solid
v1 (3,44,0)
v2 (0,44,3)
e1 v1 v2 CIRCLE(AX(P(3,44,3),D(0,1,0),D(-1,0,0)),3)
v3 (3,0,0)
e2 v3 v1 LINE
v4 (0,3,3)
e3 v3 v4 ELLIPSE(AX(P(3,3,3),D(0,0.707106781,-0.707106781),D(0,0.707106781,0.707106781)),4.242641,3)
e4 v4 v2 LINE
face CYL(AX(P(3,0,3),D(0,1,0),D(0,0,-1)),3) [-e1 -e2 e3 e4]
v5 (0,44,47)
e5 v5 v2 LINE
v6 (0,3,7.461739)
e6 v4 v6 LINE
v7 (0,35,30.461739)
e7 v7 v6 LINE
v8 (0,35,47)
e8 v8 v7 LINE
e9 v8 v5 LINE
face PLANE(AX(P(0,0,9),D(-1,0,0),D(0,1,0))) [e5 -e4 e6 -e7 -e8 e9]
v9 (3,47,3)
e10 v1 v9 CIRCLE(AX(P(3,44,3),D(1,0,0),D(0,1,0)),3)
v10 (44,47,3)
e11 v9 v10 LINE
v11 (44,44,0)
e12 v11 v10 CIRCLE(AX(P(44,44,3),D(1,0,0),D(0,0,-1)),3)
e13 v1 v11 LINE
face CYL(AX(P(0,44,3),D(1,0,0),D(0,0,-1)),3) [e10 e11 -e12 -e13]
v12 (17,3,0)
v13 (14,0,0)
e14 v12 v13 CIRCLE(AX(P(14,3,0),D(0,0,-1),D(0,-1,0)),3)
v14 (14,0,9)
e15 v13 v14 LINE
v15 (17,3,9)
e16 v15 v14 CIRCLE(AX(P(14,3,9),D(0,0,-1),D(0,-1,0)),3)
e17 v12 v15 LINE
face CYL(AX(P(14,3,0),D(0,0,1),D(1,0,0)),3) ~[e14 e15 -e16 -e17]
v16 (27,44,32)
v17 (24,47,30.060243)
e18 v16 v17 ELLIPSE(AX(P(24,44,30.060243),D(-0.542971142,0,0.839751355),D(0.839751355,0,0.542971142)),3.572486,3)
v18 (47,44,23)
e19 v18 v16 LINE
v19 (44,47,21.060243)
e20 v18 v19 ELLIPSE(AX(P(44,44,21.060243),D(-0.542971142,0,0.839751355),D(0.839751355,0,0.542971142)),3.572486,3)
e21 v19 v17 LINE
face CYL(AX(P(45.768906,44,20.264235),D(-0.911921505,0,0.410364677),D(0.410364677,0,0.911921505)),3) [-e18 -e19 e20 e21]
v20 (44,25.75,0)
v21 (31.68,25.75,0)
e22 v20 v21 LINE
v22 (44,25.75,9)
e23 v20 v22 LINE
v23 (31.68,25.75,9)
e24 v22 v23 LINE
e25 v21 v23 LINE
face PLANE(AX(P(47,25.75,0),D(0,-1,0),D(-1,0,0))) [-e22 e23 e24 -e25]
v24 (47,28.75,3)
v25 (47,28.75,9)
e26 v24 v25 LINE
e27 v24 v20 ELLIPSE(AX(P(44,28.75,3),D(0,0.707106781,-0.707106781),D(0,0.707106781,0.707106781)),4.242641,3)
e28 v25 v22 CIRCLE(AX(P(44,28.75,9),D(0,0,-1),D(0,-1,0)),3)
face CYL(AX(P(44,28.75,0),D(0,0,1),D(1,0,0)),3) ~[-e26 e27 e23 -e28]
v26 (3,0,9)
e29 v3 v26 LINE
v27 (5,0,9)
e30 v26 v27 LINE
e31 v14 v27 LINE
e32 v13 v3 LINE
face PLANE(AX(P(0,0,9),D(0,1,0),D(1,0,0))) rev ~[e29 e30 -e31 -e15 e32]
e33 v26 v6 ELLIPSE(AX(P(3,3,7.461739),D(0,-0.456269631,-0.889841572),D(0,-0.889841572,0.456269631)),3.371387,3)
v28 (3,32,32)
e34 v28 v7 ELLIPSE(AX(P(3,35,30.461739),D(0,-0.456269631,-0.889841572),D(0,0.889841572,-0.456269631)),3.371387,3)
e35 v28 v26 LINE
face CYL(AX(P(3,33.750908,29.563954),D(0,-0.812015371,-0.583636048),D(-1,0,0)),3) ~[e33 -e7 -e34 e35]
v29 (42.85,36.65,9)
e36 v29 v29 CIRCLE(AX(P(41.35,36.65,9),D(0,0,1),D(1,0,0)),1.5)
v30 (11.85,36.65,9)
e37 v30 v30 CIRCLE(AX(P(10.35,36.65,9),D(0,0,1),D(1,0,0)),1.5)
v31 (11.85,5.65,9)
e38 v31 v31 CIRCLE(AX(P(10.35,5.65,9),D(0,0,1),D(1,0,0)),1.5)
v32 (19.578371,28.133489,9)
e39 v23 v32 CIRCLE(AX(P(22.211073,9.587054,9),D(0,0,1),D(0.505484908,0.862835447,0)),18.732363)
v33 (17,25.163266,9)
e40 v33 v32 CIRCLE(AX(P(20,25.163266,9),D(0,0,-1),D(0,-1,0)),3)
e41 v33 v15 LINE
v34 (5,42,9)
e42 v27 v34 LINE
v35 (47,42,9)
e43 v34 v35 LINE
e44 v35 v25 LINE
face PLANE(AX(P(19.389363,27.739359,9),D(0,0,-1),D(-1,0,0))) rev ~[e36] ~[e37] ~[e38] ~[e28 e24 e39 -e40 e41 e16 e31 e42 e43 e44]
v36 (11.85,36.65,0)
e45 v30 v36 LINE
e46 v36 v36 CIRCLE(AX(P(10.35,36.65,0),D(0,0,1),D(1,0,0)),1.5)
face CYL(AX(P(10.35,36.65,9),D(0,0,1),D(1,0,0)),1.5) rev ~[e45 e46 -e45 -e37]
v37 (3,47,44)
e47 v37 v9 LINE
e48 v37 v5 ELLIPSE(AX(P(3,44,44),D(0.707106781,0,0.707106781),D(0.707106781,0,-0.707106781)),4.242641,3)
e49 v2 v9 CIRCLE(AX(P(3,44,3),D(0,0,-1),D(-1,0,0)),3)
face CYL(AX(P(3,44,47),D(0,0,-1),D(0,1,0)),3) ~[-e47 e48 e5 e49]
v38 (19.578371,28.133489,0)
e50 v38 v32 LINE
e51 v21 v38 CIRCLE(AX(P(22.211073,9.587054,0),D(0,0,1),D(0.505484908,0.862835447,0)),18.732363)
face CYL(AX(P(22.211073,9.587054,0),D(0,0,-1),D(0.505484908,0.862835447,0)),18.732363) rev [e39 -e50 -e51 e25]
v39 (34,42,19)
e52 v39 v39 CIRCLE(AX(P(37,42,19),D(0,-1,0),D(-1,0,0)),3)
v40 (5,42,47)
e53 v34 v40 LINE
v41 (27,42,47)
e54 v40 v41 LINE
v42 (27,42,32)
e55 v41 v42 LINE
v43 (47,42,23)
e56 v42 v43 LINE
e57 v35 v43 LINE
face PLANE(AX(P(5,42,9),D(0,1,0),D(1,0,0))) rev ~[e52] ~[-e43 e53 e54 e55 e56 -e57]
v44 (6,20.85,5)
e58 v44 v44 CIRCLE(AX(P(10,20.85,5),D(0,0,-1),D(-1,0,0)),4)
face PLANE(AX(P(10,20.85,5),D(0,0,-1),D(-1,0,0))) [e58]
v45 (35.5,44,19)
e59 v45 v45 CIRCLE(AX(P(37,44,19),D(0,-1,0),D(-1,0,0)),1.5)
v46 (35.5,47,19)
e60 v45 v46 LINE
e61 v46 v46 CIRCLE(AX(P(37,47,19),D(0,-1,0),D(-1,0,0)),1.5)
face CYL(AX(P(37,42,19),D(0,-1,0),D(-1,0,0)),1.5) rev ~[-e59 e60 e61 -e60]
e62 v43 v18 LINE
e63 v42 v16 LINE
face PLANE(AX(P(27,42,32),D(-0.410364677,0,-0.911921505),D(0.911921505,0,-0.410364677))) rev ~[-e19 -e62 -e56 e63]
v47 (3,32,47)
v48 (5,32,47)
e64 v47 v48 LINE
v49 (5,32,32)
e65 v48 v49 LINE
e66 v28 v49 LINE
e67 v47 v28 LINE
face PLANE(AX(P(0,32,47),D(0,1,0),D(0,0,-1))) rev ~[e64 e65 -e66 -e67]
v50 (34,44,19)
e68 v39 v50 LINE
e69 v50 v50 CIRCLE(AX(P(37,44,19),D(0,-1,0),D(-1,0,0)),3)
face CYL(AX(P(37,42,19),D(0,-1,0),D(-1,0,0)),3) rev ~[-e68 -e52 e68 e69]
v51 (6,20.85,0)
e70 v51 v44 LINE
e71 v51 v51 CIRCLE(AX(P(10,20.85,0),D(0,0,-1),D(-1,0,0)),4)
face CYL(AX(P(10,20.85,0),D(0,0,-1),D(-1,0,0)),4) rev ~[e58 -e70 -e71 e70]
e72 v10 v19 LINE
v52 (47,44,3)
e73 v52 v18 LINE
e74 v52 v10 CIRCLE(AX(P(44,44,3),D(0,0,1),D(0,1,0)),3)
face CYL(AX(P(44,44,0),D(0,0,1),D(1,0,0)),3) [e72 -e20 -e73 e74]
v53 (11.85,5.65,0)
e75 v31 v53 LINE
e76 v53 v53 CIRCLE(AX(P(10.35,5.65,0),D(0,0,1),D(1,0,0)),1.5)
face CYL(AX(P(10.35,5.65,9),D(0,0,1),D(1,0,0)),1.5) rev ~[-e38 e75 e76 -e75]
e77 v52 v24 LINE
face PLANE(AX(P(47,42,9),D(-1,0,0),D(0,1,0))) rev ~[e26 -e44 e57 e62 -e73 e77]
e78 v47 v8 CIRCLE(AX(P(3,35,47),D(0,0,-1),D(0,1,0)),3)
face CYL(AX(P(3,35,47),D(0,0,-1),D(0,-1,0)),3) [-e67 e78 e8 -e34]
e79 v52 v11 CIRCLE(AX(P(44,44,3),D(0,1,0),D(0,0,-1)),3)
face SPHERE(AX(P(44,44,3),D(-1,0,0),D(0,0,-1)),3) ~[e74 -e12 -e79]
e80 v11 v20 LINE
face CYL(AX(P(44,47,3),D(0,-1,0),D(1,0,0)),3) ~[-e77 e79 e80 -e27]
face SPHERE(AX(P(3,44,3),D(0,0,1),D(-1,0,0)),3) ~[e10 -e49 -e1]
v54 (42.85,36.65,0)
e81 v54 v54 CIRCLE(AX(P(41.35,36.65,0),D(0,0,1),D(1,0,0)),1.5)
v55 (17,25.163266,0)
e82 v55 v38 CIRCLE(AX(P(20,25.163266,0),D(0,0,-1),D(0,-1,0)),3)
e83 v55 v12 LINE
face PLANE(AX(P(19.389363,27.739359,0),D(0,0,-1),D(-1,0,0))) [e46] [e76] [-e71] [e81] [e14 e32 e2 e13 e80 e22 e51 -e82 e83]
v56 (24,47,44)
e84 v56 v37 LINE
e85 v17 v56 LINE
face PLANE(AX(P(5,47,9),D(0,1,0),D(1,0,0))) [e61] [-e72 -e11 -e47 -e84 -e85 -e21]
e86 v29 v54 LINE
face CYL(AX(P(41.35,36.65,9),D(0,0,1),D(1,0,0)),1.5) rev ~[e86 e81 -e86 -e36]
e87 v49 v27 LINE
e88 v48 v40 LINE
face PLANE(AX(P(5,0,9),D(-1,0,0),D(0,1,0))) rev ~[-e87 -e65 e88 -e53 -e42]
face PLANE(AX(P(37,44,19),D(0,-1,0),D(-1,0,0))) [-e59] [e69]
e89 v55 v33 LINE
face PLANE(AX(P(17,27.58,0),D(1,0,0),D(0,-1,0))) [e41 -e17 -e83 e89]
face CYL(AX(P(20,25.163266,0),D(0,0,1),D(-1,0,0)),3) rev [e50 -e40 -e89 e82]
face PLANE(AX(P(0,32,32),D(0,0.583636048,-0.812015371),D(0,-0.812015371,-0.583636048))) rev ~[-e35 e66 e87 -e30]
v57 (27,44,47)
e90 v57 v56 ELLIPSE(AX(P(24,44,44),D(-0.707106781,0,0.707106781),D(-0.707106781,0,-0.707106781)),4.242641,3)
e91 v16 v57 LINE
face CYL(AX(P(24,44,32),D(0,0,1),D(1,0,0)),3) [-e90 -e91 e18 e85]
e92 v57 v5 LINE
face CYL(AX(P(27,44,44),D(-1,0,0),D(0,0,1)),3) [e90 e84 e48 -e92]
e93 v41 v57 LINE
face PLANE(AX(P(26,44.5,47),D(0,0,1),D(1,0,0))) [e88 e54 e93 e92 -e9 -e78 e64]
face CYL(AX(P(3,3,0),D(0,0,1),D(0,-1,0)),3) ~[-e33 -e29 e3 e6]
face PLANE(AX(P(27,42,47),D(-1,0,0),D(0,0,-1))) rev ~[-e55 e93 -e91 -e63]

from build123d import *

# Parameters (mm, degrees)
BOSS_EXTRUDE1_DEPTH = 9
SKETCH3_R           = 1.5
CUT_EXTRUDE1_DEPTH  = 10
SKETCH4_W           = 5
SKETCH4_H           = 47
BOSS_EXTRUDE2_DEPTH = 38
CUT_EXTRUDE2_DEPTH  = 38
SKETCH6_W           = 42
SKETCH6_H           = 5
BOSS_EXTRUDE3_DEPTH = 38
SKETCH7_R           = 4
CUT_EXTRUDE3_DEPTH  = 5
CUT_EXTRUDE4_DEPTH  = 10
FILLET1_R           = 3
SKETCH9_R           = 1.5
CUT_EXTRUDE5_DEPTH  = 10
SKETCH10_R          = 3
CUT_EXTRUDE6_DEPTH  = 2


with BuildPart() as part:
    # Sketch2 → Boss-Extrude1 (new body)
    with BuildSketch(Plane.XY):
        with BuildLine():
            Line((0, 0), (0, 47))
            Line((0, 47), (47, 47))
            Line((47, 47), (47, 25.75))
            Line((47, 25.75), (31.68, 25.75))
            ThreePointArc((31.68, 25.75), (24.5283031, 28.175540714), (17, 27.58))
            Line((17, 27.58), (17, 0))
            Line((17, 0), (0, 0))
        make_face()
    extrude(amount=BOSS_EXTRUDE1_DEPTH)

    # Sketch3 → Cut-Extrude1 (cut)
    with BuildSketch(Plane.XY.offset(9)):
        with Locations((10.35, 5.65)):
            Circle(SKETCH3_R)
        with Locations((10.35, 36.65)):
            Circle(SKETCH3_R)
        with Locations((41.35, 36.65)):
            Circle(SKETCH3_R)
    extrude(amount=-CUT_EXTRUDE1_DEPTH, mode=Mode.SUBTRACT)

    # Sketch4 → Boss-Extrude2 (add)
    with BuildSketch(Plane.XY.offset(9)):
        with Locations((2.5, 23.5)):
            Rectangle(SKETCH4_W, SKETCH4_H)
    extrude(amount=BOSS_EXTRUDE2_DEPTH)

    # Sketch5 → Cut-Extrude2 (cut)
    with BuildSketch(Plane.ZY):
        Polygon((47, 32), (32, 32), (9, 0), (47, 0), align=None)
    extrude(amount=-CUT_EXTRUDE2_DEPTH, mode=Mode.SUBTRACT)

    # Sketch6 → Boss-Extrude3 (add)
    with BuildSketch(Plane.XY.offset(9)):
        with Locations((26, 44.5)):
            Rectangle(SKETCH6_W, SKETCH6_H)
    extrude(amount=BOSS_EXTRUDE3_DEPTH)

    # Sketch7 → Cut-Extrude3 (cut)
    with BuildSketch(Plane(origin=(0, 0, 0), x_dir=(-1, 0, 0), z_dir=(0, 0, -1))):
        with Locations((-10, 20.85)):
            Circle(SKETCH7_R)
    extrude(amount=-CUT_EXTRUDE3_DEPTH, mode=Mode.SUBTRACT)

    # Sketch8 → Cut-Extrude4 (cut)
    with BuildSketch(Plane(origin=(0, 42, 0), x_dir=(-1, 0, 0), z_dir=(0, -1, 0))):
        Polygon((-27, -32), (-47, -23), (-47, -47), (-27, -47), align=None)
    extrude(amount=-CUT_EXTRUDE4_DEPTH, mode=Mode.SUBTRACT)

    # Fillet1
    fillet1_edges = [part.edges().sort_by_distance(p)[0] for p in [
        (0, 47, 23.5),
        (47, 25.75, 4.5),
        (17, 27.58, 4.5),
        (17, 0, 4.5),
        (0, 0, 4.5),
        (0, 32, 39.5),
        (0, 16, 20.5),
        (0, 23.5, 0),
        (23.5, 47, 0),
        (47, 36.375, 0),
        (13.5, 47, 47),
        (47, 47, 11.5),
        (27, 47, 39.5),
        (37, 47, 27.5),
    ]]
    fillet(fillet1_edges, radius=FILLET1_R)

    # Sketch9 → Cut-Extrude5 (cut)
    with BuildSketch(Plane(origin=(0, 42, 0), x_dir=(-1, 0, 0), z_dir=(0, -1, 0))):
        with Locations((-37, -19)):
            Circle(SKETCH9_R)
    extrude(amount=-CUT_EXTRUDE5_DEPTH, mode=Mode.SUBTRACT)

    # Sketch10 → Cut-Extrude6 (cut)
    with BuildSketch(Plane(origin=(0, 42, 0), x_dir=(-1, 0, 0), z_dir=(0, -1, 0))):
        with Locations((-37, -19)):
            Circle(SKETCH10_R)
    extrude(amount=-CUT_EXTRUDE6_DEPTH, mode=Mode.SUBTRACT)


solid = part.part
